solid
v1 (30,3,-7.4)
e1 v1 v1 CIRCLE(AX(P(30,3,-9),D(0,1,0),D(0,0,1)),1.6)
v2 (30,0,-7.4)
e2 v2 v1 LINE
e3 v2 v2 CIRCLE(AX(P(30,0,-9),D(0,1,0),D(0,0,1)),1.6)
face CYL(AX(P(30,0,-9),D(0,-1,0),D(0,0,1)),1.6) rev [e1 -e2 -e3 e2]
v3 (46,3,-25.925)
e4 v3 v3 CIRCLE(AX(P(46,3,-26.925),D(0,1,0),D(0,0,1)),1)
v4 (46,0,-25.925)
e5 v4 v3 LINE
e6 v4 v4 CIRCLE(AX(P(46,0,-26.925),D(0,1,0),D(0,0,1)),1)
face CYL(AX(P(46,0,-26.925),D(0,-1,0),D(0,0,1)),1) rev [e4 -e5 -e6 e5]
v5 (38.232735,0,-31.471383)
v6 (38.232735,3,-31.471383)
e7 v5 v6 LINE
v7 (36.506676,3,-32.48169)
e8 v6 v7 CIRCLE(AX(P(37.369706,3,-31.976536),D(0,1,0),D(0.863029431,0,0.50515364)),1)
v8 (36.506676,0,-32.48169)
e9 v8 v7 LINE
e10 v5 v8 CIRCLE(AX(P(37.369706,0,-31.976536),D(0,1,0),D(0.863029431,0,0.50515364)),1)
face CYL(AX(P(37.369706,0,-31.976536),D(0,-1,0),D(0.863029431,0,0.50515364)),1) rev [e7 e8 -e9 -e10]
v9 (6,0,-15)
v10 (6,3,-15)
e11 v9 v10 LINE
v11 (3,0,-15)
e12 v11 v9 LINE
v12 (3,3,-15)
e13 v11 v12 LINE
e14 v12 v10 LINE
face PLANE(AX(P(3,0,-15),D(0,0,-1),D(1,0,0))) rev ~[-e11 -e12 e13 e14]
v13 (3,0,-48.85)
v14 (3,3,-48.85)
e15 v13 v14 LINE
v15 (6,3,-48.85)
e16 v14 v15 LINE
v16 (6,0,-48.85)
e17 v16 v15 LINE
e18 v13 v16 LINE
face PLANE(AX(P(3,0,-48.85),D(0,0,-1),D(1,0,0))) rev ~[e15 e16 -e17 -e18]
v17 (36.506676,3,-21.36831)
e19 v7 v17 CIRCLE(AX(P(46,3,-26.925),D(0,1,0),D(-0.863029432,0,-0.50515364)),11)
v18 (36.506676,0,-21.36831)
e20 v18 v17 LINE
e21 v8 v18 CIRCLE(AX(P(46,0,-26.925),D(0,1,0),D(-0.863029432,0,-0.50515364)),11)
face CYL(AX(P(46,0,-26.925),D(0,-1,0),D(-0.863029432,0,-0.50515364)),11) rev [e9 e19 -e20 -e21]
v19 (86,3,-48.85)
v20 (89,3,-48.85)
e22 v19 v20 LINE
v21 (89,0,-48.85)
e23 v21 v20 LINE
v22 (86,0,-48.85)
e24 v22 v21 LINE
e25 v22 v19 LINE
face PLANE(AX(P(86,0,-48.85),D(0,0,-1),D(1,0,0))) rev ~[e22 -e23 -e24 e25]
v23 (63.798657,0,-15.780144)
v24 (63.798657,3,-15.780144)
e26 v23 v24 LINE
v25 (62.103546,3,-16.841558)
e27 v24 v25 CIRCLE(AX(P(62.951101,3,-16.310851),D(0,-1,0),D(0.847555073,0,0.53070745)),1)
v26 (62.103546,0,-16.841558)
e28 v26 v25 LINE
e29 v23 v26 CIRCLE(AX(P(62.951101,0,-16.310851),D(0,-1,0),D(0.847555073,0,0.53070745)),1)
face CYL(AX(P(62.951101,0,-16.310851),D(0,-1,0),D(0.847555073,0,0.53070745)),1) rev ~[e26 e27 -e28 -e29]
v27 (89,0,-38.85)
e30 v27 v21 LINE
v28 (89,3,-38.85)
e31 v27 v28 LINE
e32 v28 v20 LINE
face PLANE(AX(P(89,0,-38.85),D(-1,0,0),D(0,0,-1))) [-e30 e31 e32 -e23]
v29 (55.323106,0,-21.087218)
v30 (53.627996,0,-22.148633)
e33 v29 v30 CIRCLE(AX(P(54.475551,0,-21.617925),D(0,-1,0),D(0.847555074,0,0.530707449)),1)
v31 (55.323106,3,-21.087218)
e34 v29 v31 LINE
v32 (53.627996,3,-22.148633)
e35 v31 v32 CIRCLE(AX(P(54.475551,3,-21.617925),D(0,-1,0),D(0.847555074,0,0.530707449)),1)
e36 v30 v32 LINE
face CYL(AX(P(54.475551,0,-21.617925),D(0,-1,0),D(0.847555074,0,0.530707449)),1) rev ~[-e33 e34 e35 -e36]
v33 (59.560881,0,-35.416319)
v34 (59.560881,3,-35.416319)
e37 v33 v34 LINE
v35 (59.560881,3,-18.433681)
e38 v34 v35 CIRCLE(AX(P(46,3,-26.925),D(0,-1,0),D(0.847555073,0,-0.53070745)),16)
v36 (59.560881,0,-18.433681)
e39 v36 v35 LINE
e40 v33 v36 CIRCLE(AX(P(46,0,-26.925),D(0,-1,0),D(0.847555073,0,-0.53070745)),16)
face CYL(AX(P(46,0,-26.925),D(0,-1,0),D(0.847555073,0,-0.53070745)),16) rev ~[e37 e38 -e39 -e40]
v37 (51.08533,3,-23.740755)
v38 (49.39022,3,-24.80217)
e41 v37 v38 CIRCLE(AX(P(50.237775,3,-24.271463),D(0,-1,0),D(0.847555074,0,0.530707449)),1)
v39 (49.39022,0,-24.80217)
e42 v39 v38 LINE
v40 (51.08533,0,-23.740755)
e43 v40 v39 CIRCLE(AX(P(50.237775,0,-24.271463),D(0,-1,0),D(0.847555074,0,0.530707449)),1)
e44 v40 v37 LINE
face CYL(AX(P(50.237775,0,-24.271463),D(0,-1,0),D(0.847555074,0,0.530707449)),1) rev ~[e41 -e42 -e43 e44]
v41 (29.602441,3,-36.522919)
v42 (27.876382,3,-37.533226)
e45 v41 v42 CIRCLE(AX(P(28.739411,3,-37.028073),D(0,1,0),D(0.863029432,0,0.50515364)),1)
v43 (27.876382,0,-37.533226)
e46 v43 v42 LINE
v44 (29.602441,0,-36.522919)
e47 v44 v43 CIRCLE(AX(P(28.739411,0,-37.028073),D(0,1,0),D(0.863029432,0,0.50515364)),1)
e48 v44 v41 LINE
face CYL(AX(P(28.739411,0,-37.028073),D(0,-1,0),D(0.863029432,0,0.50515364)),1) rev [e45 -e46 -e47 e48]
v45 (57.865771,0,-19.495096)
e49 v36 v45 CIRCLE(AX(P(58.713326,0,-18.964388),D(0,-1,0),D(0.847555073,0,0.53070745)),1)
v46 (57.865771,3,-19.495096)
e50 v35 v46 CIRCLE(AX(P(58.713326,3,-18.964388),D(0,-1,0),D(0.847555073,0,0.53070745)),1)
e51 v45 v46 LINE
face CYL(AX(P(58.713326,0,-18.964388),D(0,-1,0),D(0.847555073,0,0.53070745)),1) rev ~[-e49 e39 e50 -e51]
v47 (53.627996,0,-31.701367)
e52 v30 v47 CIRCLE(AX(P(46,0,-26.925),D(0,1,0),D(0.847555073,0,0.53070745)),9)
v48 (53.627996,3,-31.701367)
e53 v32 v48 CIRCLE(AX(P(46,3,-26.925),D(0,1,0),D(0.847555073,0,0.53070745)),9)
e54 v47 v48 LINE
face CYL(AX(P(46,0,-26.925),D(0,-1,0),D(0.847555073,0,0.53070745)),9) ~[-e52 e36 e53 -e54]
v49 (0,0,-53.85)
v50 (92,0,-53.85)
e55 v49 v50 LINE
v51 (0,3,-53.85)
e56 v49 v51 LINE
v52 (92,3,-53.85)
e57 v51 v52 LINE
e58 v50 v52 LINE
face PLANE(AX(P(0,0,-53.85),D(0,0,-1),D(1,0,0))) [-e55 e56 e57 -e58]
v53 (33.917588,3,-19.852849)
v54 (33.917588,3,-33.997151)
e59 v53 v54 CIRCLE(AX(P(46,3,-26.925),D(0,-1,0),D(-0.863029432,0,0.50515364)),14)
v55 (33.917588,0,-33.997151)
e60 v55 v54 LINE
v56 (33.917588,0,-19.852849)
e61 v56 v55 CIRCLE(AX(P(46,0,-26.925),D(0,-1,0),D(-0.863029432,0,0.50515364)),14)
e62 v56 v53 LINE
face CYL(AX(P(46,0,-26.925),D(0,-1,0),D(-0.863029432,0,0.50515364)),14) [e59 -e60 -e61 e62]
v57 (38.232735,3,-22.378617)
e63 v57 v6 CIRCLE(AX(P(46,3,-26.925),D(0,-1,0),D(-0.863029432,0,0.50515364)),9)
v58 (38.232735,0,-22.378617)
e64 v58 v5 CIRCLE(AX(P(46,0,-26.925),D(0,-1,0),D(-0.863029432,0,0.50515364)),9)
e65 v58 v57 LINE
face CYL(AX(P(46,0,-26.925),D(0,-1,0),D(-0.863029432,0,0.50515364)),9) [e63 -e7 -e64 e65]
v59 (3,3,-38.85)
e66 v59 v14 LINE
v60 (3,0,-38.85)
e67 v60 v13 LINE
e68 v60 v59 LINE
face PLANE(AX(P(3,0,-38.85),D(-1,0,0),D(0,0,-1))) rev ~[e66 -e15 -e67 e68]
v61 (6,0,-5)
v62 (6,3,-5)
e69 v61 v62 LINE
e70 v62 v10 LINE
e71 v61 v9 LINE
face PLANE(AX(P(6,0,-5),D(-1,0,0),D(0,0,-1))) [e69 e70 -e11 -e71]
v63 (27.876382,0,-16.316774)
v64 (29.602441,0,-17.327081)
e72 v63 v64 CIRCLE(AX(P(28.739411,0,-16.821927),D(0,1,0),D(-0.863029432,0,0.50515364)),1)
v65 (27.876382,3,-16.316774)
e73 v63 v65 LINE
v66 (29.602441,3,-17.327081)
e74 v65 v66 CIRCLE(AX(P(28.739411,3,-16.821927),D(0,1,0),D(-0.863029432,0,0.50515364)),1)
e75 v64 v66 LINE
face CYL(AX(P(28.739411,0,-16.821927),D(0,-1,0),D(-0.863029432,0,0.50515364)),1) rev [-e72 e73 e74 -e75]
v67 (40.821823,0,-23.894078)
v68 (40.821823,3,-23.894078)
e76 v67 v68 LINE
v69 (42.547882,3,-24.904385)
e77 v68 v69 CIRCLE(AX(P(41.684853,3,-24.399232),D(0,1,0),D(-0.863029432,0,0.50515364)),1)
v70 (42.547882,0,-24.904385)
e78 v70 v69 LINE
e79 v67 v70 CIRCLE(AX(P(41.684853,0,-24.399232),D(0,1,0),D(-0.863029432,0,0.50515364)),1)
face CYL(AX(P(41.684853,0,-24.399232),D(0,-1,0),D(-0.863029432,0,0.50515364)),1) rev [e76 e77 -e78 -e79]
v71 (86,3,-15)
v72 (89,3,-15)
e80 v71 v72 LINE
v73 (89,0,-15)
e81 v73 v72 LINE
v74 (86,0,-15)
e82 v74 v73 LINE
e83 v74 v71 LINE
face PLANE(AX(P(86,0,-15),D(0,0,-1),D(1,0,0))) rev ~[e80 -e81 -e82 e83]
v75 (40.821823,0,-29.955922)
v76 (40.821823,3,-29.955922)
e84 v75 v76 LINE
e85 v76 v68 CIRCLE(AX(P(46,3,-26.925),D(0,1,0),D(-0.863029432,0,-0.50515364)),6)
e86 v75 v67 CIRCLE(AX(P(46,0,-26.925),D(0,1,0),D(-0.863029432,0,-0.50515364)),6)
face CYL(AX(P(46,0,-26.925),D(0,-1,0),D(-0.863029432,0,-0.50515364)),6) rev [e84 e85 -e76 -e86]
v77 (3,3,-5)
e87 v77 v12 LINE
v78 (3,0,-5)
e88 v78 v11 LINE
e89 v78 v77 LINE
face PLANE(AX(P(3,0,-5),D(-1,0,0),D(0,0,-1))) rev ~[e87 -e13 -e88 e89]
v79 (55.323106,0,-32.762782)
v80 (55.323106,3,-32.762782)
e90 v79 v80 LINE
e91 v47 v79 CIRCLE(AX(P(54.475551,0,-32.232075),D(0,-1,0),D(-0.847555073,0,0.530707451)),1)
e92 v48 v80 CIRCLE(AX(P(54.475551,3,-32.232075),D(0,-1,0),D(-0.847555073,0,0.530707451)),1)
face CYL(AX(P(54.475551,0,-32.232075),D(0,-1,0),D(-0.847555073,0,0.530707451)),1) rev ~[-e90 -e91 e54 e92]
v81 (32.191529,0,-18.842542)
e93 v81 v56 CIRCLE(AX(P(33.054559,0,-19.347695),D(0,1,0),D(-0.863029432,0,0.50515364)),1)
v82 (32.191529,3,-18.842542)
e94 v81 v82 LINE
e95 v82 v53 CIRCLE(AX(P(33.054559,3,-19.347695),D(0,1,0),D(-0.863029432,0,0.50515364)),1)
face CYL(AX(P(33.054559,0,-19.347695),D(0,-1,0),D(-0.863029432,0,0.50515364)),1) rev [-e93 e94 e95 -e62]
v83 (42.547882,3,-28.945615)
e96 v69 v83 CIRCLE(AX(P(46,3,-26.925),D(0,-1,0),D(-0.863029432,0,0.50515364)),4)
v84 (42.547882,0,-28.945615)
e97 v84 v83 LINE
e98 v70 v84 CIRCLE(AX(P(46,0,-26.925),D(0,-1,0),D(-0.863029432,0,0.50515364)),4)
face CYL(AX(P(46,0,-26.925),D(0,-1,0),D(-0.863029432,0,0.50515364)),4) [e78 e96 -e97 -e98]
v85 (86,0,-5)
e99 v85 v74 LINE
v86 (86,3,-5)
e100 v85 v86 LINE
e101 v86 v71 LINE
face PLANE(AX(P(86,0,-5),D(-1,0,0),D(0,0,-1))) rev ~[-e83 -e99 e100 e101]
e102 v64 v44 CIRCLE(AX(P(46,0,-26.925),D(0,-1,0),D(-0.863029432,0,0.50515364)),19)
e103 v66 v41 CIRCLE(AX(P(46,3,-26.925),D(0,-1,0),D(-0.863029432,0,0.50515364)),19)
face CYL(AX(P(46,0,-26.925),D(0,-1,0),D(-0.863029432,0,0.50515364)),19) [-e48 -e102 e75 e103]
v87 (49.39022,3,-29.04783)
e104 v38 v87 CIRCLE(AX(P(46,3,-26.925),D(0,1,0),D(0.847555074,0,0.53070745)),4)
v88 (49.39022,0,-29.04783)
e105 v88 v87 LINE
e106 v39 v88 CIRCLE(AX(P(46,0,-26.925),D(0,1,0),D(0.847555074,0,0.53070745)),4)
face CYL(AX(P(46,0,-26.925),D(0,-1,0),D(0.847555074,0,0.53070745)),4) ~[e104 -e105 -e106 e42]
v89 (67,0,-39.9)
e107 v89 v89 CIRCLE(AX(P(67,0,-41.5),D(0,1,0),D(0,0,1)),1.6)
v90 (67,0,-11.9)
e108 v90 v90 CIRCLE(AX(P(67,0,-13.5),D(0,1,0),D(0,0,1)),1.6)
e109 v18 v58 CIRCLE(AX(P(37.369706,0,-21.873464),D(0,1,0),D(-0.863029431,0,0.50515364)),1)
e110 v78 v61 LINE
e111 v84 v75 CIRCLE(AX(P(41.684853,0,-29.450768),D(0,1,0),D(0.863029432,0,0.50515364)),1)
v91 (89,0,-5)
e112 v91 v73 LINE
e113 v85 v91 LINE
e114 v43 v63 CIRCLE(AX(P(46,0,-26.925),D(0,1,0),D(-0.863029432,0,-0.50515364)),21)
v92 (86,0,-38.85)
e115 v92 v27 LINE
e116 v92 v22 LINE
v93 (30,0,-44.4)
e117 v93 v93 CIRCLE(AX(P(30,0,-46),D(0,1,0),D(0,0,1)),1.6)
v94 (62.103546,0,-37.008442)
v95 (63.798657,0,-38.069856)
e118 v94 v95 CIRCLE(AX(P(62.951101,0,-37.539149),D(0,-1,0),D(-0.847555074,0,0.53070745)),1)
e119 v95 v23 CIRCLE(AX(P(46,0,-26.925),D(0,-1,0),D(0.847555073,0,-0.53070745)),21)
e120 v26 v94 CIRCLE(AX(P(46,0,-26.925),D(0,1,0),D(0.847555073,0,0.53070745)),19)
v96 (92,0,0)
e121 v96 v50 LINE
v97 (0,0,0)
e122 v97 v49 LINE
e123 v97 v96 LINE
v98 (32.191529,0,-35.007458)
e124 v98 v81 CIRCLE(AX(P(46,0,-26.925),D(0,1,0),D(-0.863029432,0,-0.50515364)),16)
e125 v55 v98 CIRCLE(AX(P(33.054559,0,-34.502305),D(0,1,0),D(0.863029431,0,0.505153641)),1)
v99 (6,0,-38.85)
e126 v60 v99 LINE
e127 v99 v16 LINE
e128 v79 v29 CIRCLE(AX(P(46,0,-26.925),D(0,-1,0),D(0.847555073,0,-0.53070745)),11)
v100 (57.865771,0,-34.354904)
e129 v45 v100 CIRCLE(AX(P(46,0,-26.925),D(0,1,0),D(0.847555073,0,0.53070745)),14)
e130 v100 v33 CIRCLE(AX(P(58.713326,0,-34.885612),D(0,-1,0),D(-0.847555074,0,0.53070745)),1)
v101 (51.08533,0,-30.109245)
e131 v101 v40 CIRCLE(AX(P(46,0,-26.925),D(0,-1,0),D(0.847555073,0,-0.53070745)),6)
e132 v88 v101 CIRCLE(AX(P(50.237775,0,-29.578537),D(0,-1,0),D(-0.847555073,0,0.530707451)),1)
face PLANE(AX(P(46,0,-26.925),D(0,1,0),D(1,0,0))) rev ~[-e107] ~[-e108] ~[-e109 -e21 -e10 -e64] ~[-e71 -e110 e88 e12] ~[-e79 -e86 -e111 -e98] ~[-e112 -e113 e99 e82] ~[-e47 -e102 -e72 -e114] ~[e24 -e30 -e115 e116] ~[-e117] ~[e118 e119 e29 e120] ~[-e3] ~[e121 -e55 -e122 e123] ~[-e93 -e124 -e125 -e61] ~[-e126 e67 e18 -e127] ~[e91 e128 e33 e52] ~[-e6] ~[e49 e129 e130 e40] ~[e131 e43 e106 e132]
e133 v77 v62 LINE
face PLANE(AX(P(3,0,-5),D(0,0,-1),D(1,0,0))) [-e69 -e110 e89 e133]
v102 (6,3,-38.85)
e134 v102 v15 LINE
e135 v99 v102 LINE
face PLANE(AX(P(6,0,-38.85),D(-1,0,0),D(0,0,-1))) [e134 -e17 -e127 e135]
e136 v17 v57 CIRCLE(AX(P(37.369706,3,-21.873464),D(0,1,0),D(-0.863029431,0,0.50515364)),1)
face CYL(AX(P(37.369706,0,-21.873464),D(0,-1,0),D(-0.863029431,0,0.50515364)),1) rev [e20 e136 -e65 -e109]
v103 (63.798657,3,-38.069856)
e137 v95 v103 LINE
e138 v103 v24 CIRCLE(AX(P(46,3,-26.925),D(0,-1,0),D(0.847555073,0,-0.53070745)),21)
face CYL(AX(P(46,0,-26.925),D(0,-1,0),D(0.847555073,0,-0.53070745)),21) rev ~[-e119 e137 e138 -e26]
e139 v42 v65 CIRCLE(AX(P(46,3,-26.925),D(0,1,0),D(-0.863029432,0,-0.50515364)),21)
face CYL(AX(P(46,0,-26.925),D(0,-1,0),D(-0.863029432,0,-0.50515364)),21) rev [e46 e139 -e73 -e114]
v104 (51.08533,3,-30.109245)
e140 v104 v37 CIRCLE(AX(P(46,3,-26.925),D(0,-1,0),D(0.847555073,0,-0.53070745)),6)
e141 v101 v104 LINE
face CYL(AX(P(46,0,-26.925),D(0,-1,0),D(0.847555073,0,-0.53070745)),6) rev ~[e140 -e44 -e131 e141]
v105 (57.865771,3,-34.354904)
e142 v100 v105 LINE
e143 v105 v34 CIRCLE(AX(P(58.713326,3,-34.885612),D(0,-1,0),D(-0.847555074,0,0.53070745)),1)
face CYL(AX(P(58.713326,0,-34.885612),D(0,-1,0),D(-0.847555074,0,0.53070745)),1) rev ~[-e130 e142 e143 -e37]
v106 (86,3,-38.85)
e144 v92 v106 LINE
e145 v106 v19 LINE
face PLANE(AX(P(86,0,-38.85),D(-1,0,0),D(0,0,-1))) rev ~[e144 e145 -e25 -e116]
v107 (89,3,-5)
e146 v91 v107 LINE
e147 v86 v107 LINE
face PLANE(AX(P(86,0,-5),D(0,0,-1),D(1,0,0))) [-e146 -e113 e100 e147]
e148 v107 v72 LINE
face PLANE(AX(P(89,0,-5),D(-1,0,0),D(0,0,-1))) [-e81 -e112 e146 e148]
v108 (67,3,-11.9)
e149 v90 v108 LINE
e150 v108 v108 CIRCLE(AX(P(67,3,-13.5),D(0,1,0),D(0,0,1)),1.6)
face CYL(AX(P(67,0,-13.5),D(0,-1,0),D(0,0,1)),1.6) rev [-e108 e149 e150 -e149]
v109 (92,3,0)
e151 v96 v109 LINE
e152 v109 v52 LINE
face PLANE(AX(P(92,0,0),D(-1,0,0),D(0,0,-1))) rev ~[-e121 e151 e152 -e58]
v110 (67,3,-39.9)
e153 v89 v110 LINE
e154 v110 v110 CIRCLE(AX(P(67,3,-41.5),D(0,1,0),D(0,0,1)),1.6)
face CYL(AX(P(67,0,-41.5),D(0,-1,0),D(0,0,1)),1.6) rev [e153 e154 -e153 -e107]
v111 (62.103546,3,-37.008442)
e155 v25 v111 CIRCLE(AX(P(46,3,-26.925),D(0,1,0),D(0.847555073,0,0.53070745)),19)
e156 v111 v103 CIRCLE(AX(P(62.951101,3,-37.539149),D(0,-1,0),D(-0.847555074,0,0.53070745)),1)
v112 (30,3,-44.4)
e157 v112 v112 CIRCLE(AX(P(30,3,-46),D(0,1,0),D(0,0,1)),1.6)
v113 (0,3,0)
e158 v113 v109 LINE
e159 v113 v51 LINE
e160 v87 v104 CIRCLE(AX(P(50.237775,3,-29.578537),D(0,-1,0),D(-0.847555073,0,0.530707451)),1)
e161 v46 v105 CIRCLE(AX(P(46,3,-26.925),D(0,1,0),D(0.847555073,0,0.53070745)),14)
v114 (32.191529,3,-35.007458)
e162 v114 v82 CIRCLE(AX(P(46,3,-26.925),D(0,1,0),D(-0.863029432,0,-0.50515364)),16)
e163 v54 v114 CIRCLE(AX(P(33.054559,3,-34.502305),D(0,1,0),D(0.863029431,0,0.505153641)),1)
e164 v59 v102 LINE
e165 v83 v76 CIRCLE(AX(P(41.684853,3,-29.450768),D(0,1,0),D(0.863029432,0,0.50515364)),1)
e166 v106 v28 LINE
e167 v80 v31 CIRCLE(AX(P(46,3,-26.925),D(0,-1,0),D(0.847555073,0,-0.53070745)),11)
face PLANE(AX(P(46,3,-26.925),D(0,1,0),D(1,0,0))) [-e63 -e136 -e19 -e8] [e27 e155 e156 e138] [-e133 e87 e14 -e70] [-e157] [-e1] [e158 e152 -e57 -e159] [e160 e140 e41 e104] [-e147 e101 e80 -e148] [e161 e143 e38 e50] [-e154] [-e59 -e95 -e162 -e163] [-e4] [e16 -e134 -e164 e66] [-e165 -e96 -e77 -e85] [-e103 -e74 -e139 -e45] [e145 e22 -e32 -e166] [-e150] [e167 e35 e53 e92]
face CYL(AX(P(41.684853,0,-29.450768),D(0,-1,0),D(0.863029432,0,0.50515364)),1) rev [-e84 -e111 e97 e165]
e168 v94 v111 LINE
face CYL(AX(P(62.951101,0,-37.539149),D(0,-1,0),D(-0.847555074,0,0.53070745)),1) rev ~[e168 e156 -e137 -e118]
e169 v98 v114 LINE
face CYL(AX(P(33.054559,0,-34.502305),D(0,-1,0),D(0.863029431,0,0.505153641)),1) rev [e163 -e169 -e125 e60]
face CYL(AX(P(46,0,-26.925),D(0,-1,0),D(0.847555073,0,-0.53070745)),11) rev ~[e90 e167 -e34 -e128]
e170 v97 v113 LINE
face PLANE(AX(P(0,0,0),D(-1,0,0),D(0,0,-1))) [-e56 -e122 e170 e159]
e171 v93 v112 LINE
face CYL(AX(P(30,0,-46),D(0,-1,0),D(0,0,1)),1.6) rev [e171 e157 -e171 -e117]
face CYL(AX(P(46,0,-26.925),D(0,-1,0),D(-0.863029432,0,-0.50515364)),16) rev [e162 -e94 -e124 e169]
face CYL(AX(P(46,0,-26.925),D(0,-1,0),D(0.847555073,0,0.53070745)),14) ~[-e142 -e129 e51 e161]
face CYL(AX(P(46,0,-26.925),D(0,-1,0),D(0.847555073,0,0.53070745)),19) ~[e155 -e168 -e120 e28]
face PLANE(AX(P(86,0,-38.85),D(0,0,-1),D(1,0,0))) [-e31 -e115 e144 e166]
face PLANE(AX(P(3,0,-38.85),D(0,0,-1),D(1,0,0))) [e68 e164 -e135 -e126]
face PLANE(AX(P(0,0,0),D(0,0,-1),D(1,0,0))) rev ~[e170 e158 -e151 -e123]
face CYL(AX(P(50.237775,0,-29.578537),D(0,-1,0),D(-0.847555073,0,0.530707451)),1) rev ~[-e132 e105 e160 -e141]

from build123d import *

# Parameters (mm, degrees)
SKETCH1_W           = 92
SKETCH1_H           = 53.85
SKETCH1_R           = 1
SKETCH1_R_2         = 1.6
SKETCH1_W_2         = 3
SKETCH1_H_2         = 10
BOSS_EXTRUDE1_DEPTH = 3


with BuildPart() as part:
    # Sketch1 → Boss-Extrude1 (new body)
    with BuildSketch(Plane(origin=(0, 0, 0), x_dir=(1, 0, 0), z_dir=(0, 1, 0))):
        with Locations((46, 26.925)):
            Rectangle(SKETCH1_W, SKETCH1_H)
        with Locations(Location((46, 26.925, 0), (0, 0, 270))):
            Circle(SKETCH1_R, mode=Mode.SUBTRACT)
        with Locations(Location((30, 46, 0), (0, 0, 270))):
            Circle(SKETCH1_R_2, mode=Mode.SUBTRACT)
        with Locations(Location((67, 41.5, 0), (0, 0, 270))):
            Circle(SKETCH1_R_2, mode=Mode.SUBTRACT)
        with Locations(Location((67, 13.5, 0), (0, 0, 270))):
            Circle(SKETCH1_R_2, mode=Mode.SUBTRACT)
        with Locations(Location((30, 9, 0), (0, 0, 270))):
            Circle(SKETCH1_R_2, mode=Mode.SUBTRACT)
        with Locations((4.5, 43.85)):
            Rectangle(SKETCH1_W_2, SKETCH1_H_2, mode=Mode.SUBTRACT)
        with Locations((4.5, 10)):
            Rectangle(SKETCH1_W_2, SKETCH1_H_2, mode=Mode.SUBTRACT)
        with Locations((87.5, 10)):
            Rectangle(SKETCH1_W_2, SKETCH1_H_2, mode=Mode.SUBTRACT)
        with Locations((87.5, 43.85)):
            Rectangle(SKETCH1_W_2, SKETCH1_H_2, mode=Mode.SUBTRACT)
        with BuildLine():
            ThreePointArc((40.82182341, 29.955921841), (40, 26.925), (40.82182341, 23.894078159))
            ThreePointArc((40.82182341, 23.894078159), (42.190006482, 23.536202368), (42.547882273, 24.904385439))
            ThreePointArc((42.547882273, 24.904385439), (42, 26.925), (42.547882273, 28.945614561))
            ThreePointArc((42.547882273, 28.945614561), (42.190006482, 30.313797632), (40.82182341, 29.955921841))
        make_face(mode=Mode.SUBTRACT)
        with BuildLine():
            ThreePointArc((36.506676252, 32.481690042), (35, 26.925), (36.506676252, 21.368309958))
            ThreePointArc((36.506676252, 21.368309958), (37.874859324, 21.010434167), (38.232735115, 22.378617239))
            ThreePointArc((38.232735115, 22.378617239), (37, 26.925), (38.232735115, 31.471382761))
            ThreePointArc((38.232735115, 31.471382761), (37.874859324, 32.839565833), (36.506676252, 32.481690042))
        make_face(mode=Mode.SUBTRACT)
        with BuildLine():
            ThreePointArc((32.191529094, 35.007458242), (30, 26.925), (32.191529094, 18.842541758))
            ThreePointArc((32.191529094, 18.842541758), (33.559712166, 18.484665966), (33.917587957, 19.852849038))
            ThreePointArc((33.917587957, 19.852849038), (32, 26.925), (33.917587957, 33.997150962))
            ThreePointArc((33.917587957, 33.997150962), (33.559712166, 35.365334034), (32.191529094, 35.007458242))
        make_face(mode=Mode.SUBTRACT)
        with BuildLine():
            ThreePointArc((27.876381936, 37.533226443), (25, 26.925), (27.876381936, 16.316773557))
            ThreePointArc((27.876381936, 16.316773557), (29.244565008, 15.958897766), (29.602440799, 17.327080837))
            ThreePointArc((29.602440799, 17.327080837), (27, 26.925), (29.602440799, 36.522919163))
            ThreePointArc((29.602440799, 36.522919163), (29.244565008, 37.891102234), (27.876381936, 37.533226443))
        make_face(mode=Mode.SUBTRACT)
        with BuildLine():
            ThreePointArc((51.08533044, 30.1092447), (52, 26.925), (51.08533044, 23.7407553))
            ThreePointArc((51.08533044, 23.7407553), (49.707067917, 23.423907676), (49.390220294, 24.8021702))
            ThreePointArc((49.390220294, 24.8021702), (50, 26.925), (49.390220294, 29.0478298))
            ThreePointArc((49.390220294, 29.0478298), (49.707067917, 30.426092324), (51.08533044, 30.1092447))
        make_face(mode=Mode.SUBTRACT)
        with BuildLine():
            ThreePointArc((55.323105808, 32.76278195), (57, 26.925), (55.323105808, 21.08721805))
            ThreePointArc((55.323105808, 21.08721805), (53.944843284, 20.770370426), (53.627995661, 22.14863295))
            ThreePointArc((53.627995661, 22.14863295), (55, 26.925), (53.627995661, 31.70136705))
            ThreePointArc((53.627995661, 31.70136705), (53.944843284, 33.079629574), (55.323105808, 32.76278195))
        make_face(mode=Mode.SUBTRACT)
        with BuildLine():
            ThreePointArc((59.560881175, 35.416319201), (62, 26.925), (59.560881175, 18.433680799))
            ThreePointArc((59.560881175, 18.433680799), (58.182618651, 18.116833176), (57.865771028, 19.495095699))
            ThreePointArc((57.865771028, 19.495095699), (60, 26.925), (57.865771028, 34.354904301))
            ThreePointArc((57.865771028, 34.354904301), (58.182618651, 35.733166824), (59.560881175, 35.416319201))
        make_face(mode=Mode.SUBTRACT)
        with BuildLine():
            ThreePointArc((63.798656542, 38.069856451), (67, 26.925), (63.798656542, 15.780143549))
            ThreePointArc((63.798656542, 15.780143549), (62.420394018, 15.463295926), (62.103546395, 16.841558449))
            ThreePointArc((62.103546395, 16.841558449), (65, 26.925), (62.103546395, 37.008441551))
            ThreePointArc((62.103546395, 37.008441551), (62.420394018, 38.386704074), (63.798656542, 38.069856451))
        make_face(mode=Mode.SUBTRACT)
    extrude(amount=BOSS_EXTRUDE1_DEPTH)


solid = part.part
